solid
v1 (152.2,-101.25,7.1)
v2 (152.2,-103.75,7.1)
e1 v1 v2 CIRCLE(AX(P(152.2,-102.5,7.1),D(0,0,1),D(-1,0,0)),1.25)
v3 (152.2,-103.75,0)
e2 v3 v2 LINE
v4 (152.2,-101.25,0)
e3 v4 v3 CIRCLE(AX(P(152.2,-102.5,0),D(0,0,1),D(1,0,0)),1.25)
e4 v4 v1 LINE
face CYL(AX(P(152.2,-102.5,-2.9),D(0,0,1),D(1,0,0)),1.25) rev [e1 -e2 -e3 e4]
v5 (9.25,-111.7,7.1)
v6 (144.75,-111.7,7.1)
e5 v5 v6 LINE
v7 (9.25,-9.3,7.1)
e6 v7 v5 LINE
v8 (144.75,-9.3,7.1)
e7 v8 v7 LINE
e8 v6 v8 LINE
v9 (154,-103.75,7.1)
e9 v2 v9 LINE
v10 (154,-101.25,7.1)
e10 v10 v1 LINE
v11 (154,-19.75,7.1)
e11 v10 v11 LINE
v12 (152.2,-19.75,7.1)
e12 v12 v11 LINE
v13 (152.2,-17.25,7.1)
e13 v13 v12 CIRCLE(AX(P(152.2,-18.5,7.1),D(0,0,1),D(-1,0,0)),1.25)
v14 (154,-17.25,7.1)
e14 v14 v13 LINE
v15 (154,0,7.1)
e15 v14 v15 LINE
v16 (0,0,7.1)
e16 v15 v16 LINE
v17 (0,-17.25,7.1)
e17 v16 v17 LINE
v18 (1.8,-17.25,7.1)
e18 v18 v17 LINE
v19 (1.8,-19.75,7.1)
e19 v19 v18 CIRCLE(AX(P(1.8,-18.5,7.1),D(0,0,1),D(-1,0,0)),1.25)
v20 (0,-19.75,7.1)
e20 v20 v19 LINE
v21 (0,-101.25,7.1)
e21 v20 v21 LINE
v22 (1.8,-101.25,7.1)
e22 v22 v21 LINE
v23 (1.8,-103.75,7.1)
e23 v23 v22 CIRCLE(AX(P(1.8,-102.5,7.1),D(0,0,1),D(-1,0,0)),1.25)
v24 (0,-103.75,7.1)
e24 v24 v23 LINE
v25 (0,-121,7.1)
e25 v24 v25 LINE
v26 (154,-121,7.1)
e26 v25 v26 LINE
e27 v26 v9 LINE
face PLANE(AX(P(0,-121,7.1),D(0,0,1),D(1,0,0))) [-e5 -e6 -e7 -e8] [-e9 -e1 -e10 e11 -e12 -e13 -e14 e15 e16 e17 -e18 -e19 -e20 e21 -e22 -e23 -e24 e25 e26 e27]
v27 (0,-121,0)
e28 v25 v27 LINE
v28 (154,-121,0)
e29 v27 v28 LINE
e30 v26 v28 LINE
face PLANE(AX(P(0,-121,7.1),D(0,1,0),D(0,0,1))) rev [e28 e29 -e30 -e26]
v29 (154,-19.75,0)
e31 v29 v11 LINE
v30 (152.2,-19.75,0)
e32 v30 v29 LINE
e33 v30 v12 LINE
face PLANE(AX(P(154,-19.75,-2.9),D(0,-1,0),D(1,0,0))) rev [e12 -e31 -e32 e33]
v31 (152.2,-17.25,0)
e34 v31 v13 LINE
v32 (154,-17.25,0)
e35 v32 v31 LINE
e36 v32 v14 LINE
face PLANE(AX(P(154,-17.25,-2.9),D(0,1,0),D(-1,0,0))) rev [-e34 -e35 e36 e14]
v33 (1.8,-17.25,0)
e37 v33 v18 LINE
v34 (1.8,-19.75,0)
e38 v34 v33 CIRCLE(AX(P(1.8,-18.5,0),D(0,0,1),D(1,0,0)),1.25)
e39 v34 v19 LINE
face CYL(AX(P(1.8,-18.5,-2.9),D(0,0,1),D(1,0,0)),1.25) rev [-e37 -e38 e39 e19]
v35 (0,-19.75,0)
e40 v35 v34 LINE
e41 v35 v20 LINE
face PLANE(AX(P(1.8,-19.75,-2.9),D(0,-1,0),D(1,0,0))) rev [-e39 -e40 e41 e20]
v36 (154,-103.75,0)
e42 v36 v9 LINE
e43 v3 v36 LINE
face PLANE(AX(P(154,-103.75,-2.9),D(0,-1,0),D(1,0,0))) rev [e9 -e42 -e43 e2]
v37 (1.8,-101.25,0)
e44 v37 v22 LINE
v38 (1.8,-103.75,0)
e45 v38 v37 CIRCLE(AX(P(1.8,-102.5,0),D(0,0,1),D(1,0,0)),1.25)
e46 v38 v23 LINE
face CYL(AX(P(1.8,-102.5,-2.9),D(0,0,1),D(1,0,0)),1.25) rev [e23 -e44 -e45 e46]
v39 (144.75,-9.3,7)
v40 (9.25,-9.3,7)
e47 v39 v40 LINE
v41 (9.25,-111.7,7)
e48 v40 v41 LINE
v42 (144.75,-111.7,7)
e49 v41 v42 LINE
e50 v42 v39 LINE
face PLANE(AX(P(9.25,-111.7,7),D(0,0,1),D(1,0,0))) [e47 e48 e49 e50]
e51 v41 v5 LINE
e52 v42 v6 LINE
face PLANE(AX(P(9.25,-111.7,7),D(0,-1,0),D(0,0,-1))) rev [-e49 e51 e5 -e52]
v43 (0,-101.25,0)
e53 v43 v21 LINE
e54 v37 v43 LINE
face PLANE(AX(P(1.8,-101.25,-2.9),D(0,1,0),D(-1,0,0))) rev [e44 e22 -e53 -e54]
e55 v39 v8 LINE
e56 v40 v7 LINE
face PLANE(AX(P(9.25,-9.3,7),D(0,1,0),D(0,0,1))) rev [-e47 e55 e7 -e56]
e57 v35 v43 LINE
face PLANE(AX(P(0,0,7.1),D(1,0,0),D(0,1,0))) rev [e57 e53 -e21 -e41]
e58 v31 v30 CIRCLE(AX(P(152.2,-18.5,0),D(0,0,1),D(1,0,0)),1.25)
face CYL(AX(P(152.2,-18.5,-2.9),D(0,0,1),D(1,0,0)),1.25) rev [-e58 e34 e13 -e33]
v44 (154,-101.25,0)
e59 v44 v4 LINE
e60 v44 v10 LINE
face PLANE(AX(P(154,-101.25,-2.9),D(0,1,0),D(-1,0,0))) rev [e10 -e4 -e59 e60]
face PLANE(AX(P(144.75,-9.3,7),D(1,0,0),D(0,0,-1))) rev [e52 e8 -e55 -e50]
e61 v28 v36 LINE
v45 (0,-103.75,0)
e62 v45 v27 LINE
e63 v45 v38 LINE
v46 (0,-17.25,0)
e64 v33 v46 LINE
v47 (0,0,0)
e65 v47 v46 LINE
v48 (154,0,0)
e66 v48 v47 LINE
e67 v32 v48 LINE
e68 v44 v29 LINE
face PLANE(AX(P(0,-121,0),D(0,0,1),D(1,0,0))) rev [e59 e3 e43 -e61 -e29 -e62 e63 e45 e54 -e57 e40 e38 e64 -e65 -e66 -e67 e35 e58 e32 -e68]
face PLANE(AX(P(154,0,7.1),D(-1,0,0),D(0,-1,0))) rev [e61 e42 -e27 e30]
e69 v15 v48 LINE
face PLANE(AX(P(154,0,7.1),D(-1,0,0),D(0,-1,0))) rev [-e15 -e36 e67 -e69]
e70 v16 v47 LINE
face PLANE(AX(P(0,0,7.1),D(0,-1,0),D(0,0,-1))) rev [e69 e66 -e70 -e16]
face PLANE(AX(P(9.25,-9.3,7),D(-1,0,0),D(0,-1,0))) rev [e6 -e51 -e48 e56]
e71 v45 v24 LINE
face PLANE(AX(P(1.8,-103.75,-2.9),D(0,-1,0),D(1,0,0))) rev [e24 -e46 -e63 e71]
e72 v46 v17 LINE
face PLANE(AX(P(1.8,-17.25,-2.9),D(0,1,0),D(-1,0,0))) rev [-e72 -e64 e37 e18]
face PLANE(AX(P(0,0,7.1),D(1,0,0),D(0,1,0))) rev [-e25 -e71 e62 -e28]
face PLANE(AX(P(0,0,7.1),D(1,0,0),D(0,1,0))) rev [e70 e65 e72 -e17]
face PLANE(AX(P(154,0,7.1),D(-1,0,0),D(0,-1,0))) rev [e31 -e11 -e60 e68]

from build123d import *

# Parameters (mm, degrees)
SKETCH1_W            = 154
SKETCH1_H            = 121
EXTRUDE1_DEPTH       = 7.1
SKETCH2_W            = 135.5
SKETCH2_H            = 102.4
BEZEL_OPENING_DEPTH  = 0.1
CUT_EXTRUDE3_DEPTH   = 10
LPATTERN1_COUNT      = 2
LPATTERN1_PITCH      = 84
LPATTERN1_COUNT_DIR2 = 2
LPATTERN1_PITCH_DIR2 = 152.2


with BuildPart() as part:
    # Sketch1 → Extrude1 (new body)
    with BuildSketch(Plane.XY):
        with Locations((77, -60.5)):
            Rectangle(SKETCH1_W, SKETCH1_H)
    extrude(amount=EXTRUDE1_DEPTH)

    # Sketch2 → Bezel Opening (cut)
    with BuildSketch(Plane.XY.offset(7.1)):
        with Locations((77, -60.5)):
            Rectangle(SKETCH2_W, SKETCH2_H)
    extrude(amount=-BEZEL_OPENING_DEPTH, mode=Mode.SUBTRACT)

    # Sketch3 → Cut-Extrude3 (cut)
    with BuildSketch(Plane.XY.offset(7.1)):
        with BuildLine():
            Line((154, -17.25), (152.2, -17.25))
            ThreePointArc((152.2, -17.25), (150.95, -18.5), (152.2, -19.75))
            Line((152.2, -19.75), (154, -19.75))
            ThreePointArc((154, -19.75), (155.25, -18.5), (154, -17.25))
        make_face()
    cut_extrude3 = extrude(amount=-CUT_EXTRUDE3_DEPTH, mode=Mode.SUBTRACT)

    # LPattern1: Cut-Extrude3 2 × 2
    with Locations(*[(-j * LPATTERN1_PITCH_DIR2, -i * LPATTERN1_PITCH, 0) for i in range(LPATTERN1_COUNT) for j in range(LPATTERN1_COUNT_DIR2) if (i, j) != (0, 0)]):
        add(cut_extrude3, mode=Mode.SUBTRACT)


solid = part.part
